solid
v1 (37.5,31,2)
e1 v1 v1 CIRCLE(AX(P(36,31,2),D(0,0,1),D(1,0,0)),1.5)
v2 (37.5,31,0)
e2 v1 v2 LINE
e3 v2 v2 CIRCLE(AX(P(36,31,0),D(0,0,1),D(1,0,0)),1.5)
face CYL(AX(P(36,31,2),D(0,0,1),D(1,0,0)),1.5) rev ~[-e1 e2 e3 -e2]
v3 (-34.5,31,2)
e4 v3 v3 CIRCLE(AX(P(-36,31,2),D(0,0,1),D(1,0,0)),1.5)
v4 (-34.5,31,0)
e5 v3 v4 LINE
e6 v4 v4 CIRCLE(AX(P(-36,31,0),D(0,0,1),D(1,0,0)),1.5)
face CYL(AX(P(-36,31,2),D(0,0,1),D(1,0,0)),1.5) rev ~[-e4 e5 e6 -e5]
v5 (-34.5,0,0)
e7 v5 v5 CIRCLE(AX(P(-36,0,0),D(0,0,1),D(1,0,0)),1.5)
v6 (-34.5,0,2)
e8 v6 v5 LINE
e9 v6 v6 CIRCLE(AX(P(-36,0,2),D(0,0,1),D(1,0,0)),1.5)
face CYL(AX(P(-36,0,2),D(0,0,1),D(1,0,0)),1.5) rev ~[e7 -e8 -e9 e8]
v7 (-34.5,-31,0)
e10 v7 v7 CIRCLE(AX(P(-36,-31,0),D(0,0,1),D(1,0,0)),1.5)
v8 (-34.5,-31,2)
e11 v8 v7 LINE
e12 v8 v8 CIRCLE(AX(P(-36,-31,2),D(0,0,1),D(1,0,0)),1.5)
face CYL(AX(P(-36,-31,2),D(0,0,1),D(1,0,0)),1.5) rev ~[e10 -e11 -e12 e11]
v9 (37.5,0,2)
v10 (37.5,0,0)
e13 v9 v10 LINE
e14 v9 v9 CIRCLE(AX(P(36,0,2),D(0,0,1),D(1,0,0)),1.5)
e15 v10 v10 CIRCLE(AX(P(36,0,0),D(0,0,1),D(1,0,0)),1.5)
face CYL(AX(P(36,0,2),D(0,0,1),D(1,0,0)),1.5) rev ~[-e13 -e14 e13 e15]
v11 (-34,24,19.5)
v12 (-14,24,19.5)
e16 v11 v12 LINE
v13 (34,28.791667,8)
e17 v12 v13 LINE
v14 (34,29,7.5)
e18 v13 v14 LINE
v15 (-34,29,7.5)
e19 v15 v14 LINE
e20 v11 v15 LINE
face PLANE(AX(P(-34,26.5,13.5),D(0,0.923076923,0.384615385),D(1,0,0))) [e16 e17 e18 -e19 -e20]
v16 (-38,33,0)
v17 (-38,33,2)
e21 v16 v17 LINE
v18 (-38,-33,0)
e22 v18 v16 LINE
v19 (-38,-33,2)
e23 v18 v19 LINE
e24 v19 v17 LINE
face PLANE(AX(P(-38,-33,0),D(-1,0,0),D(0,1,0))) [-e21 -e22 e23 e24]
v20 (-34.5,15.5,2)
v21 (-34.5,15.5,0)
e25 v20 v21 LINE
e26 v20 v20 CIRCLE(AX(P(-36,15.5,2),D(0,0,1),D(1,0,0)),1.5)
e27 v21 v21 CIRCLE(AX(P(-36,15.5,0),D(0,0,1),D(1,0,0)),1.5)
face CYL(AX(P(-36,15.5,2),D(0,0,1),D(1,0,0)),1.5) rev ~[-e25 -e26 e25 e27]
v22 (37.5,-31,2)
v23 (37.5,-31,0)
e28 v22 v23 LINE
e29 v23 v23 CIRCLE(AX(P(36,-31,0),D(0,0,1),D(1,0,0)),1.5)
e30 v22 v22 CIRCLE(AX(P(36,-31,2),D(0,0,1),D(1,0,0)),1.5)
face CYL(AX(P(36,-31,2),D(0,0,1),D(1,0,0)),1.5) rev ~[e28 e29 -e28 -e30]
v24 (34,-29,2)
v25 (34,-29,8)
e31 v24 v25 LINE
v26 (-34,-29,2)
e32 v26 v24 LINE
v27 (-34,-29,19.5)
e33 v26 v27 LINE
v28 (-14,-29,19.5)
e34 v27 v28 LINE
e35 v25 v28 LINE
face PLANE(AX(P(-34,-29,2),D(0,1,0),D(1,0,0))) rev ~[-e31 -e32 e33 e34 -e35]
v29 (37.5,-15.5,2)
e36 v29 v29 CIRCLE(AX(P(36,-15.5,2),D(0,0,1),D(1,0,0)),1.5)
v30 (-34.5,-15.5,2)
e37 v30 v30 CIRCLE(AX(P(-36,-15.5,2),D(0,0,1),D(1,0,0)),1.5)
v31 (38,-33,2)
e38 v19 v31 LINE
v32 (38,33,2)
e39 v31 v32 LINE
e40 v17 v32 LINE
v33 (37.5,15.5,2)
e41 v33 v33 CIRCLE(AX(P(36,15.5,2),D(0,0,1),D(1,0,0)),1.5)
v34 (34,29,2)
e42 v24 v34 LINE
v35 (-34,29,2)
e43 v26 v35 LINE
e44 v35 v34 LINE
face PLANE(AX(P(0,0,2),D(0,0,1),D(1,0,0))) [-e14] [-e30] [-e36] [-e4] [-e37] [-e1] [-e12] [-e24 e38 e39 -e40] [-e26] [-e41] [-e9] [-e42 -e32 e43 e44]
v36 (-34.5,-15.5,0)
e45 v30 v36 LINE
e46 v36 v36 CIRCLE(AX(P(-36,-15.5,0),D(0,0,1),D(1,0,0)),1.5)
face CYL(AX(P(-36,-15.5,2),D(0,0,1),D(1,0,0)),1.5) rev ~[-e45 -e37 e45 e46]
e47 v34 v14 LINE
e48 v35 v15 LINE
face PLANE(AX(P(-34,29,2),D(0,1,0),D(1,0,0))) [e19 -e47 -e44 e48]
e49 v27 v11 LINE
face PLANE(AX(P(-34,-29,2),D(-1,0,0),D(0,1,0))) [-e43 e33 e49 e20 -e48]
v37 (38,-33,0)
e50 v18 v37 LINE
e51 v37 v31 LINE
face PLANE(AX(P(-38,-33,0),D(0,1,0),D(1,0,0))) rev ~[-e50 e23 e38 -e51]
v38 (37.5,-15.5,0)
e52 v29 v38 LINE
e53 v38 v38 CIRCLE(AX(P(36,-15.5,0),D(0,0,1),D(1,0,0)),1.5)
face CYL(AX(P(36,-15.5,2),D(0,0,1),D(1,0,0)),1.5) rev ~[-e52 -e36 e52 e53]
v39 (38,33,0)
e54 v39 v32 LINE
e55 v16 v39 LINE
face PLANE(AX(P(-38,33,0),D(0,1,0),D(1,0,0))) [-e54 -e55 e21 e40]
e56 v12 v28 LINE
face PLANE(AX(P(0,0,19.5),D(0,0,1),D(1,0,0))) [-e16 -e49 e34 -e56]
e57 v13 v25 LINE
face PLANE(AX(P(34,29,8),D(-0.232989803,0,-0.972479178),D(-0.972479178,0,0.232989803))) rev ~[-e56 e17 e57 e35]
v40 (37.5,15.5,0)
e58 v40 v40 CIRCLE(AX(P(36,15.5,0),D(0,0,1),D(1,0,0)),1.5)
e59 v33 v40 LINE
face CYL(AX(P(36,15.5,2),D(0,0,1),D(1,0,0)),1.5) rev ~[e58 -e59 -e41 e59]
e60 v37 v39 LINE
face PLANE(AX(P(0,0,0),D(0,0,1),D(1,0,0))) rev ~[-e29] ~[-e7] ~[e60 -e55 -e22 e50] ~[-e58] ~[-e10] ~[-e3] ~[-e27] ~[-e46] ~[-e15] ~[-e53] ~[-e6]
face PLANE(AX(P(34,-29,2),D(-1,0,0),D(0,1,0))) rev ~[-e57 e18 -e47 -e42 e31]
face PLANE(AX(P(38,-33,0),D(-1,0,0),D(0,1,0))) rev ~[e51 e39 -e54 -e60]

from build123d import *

# Parameters (mm, degrees)
F0_W     = 76
F0_H     = 66
F1_DEPTH = 2
F2_W     = 68
F2_H     = 58
F3_DEPTH = 17.5
F5_DEPTH = 75
F6_SIZE2 = 12
F6_SIZE  = 5
F7_R     = 1.5
F8_DEPTH = 25


with BuildPart() as f1:
    # F0 (on Top) → F1 (new body)
    with BuildSketch(Plane.XY):
        Rectangle(F0_W, F0_H)
    extrude(amount=F1_DEPTH)

    # F2 (on face) → F3 (join)
    with BuildSketch(Plane.XY.offset(2)):
        Rectangle(F2_W, F2_H)
    extrude(amount=F3_DEPTH)

    # F4 (on face) → F5 (cut)
    with BuildSketch(Plane(origin=(0, 29, 0), x_dir=(-1, 0, 0), z_dir=(0, 1, 0))):
        Polygon((14, 19.5), (-34, 19.5), (-34, 8), align=None)
    extrude(amount=-F5_DEPTH, mode=Mode.SUBTRACT)

    # F6
    f6_edges = [f1.edges().sort_by_distance(p)[0] for p in [
        (-24, 29, 19.5),
    ]]
    f6_side = f1.faces().sort_by_distance((-24, 0, 19.5))[0]
    chamfer(f6_edges, length=F6_SIZE, length2=F6_SIZE2, reference=f6_side)

    # F7 (on face) → F8 (cut)
    with BuildSketch(Plane.XY.offset(2)):
        with Locations((-36, 31)):
            Circle(F7_R)
        with Locations((-36, 0)):
            Circle(F7_R)
        with Locations((-36, -31)):
            Circle(F7_R)
        with Locations((36, 31)):
            Circle(F7_R)
        with Locations((36, 0)):
            Circle(F7_R)
        with Locations((36, -31)):
            Circle(F7_R)
        with Locations((-36, 15.5)):
            Circle(F7_R)
        with Locations((-36, -15.5)):
            Circle(F7_R)
        with Locations((36, 15.5)):
            Circle(F7_R)
        with Locations((36, -15.5)):
            Circle(F7_R)
    extrude(amount=-F8_DEPTH, mode=Mode.SUBTRACT)


solid = f1.part
